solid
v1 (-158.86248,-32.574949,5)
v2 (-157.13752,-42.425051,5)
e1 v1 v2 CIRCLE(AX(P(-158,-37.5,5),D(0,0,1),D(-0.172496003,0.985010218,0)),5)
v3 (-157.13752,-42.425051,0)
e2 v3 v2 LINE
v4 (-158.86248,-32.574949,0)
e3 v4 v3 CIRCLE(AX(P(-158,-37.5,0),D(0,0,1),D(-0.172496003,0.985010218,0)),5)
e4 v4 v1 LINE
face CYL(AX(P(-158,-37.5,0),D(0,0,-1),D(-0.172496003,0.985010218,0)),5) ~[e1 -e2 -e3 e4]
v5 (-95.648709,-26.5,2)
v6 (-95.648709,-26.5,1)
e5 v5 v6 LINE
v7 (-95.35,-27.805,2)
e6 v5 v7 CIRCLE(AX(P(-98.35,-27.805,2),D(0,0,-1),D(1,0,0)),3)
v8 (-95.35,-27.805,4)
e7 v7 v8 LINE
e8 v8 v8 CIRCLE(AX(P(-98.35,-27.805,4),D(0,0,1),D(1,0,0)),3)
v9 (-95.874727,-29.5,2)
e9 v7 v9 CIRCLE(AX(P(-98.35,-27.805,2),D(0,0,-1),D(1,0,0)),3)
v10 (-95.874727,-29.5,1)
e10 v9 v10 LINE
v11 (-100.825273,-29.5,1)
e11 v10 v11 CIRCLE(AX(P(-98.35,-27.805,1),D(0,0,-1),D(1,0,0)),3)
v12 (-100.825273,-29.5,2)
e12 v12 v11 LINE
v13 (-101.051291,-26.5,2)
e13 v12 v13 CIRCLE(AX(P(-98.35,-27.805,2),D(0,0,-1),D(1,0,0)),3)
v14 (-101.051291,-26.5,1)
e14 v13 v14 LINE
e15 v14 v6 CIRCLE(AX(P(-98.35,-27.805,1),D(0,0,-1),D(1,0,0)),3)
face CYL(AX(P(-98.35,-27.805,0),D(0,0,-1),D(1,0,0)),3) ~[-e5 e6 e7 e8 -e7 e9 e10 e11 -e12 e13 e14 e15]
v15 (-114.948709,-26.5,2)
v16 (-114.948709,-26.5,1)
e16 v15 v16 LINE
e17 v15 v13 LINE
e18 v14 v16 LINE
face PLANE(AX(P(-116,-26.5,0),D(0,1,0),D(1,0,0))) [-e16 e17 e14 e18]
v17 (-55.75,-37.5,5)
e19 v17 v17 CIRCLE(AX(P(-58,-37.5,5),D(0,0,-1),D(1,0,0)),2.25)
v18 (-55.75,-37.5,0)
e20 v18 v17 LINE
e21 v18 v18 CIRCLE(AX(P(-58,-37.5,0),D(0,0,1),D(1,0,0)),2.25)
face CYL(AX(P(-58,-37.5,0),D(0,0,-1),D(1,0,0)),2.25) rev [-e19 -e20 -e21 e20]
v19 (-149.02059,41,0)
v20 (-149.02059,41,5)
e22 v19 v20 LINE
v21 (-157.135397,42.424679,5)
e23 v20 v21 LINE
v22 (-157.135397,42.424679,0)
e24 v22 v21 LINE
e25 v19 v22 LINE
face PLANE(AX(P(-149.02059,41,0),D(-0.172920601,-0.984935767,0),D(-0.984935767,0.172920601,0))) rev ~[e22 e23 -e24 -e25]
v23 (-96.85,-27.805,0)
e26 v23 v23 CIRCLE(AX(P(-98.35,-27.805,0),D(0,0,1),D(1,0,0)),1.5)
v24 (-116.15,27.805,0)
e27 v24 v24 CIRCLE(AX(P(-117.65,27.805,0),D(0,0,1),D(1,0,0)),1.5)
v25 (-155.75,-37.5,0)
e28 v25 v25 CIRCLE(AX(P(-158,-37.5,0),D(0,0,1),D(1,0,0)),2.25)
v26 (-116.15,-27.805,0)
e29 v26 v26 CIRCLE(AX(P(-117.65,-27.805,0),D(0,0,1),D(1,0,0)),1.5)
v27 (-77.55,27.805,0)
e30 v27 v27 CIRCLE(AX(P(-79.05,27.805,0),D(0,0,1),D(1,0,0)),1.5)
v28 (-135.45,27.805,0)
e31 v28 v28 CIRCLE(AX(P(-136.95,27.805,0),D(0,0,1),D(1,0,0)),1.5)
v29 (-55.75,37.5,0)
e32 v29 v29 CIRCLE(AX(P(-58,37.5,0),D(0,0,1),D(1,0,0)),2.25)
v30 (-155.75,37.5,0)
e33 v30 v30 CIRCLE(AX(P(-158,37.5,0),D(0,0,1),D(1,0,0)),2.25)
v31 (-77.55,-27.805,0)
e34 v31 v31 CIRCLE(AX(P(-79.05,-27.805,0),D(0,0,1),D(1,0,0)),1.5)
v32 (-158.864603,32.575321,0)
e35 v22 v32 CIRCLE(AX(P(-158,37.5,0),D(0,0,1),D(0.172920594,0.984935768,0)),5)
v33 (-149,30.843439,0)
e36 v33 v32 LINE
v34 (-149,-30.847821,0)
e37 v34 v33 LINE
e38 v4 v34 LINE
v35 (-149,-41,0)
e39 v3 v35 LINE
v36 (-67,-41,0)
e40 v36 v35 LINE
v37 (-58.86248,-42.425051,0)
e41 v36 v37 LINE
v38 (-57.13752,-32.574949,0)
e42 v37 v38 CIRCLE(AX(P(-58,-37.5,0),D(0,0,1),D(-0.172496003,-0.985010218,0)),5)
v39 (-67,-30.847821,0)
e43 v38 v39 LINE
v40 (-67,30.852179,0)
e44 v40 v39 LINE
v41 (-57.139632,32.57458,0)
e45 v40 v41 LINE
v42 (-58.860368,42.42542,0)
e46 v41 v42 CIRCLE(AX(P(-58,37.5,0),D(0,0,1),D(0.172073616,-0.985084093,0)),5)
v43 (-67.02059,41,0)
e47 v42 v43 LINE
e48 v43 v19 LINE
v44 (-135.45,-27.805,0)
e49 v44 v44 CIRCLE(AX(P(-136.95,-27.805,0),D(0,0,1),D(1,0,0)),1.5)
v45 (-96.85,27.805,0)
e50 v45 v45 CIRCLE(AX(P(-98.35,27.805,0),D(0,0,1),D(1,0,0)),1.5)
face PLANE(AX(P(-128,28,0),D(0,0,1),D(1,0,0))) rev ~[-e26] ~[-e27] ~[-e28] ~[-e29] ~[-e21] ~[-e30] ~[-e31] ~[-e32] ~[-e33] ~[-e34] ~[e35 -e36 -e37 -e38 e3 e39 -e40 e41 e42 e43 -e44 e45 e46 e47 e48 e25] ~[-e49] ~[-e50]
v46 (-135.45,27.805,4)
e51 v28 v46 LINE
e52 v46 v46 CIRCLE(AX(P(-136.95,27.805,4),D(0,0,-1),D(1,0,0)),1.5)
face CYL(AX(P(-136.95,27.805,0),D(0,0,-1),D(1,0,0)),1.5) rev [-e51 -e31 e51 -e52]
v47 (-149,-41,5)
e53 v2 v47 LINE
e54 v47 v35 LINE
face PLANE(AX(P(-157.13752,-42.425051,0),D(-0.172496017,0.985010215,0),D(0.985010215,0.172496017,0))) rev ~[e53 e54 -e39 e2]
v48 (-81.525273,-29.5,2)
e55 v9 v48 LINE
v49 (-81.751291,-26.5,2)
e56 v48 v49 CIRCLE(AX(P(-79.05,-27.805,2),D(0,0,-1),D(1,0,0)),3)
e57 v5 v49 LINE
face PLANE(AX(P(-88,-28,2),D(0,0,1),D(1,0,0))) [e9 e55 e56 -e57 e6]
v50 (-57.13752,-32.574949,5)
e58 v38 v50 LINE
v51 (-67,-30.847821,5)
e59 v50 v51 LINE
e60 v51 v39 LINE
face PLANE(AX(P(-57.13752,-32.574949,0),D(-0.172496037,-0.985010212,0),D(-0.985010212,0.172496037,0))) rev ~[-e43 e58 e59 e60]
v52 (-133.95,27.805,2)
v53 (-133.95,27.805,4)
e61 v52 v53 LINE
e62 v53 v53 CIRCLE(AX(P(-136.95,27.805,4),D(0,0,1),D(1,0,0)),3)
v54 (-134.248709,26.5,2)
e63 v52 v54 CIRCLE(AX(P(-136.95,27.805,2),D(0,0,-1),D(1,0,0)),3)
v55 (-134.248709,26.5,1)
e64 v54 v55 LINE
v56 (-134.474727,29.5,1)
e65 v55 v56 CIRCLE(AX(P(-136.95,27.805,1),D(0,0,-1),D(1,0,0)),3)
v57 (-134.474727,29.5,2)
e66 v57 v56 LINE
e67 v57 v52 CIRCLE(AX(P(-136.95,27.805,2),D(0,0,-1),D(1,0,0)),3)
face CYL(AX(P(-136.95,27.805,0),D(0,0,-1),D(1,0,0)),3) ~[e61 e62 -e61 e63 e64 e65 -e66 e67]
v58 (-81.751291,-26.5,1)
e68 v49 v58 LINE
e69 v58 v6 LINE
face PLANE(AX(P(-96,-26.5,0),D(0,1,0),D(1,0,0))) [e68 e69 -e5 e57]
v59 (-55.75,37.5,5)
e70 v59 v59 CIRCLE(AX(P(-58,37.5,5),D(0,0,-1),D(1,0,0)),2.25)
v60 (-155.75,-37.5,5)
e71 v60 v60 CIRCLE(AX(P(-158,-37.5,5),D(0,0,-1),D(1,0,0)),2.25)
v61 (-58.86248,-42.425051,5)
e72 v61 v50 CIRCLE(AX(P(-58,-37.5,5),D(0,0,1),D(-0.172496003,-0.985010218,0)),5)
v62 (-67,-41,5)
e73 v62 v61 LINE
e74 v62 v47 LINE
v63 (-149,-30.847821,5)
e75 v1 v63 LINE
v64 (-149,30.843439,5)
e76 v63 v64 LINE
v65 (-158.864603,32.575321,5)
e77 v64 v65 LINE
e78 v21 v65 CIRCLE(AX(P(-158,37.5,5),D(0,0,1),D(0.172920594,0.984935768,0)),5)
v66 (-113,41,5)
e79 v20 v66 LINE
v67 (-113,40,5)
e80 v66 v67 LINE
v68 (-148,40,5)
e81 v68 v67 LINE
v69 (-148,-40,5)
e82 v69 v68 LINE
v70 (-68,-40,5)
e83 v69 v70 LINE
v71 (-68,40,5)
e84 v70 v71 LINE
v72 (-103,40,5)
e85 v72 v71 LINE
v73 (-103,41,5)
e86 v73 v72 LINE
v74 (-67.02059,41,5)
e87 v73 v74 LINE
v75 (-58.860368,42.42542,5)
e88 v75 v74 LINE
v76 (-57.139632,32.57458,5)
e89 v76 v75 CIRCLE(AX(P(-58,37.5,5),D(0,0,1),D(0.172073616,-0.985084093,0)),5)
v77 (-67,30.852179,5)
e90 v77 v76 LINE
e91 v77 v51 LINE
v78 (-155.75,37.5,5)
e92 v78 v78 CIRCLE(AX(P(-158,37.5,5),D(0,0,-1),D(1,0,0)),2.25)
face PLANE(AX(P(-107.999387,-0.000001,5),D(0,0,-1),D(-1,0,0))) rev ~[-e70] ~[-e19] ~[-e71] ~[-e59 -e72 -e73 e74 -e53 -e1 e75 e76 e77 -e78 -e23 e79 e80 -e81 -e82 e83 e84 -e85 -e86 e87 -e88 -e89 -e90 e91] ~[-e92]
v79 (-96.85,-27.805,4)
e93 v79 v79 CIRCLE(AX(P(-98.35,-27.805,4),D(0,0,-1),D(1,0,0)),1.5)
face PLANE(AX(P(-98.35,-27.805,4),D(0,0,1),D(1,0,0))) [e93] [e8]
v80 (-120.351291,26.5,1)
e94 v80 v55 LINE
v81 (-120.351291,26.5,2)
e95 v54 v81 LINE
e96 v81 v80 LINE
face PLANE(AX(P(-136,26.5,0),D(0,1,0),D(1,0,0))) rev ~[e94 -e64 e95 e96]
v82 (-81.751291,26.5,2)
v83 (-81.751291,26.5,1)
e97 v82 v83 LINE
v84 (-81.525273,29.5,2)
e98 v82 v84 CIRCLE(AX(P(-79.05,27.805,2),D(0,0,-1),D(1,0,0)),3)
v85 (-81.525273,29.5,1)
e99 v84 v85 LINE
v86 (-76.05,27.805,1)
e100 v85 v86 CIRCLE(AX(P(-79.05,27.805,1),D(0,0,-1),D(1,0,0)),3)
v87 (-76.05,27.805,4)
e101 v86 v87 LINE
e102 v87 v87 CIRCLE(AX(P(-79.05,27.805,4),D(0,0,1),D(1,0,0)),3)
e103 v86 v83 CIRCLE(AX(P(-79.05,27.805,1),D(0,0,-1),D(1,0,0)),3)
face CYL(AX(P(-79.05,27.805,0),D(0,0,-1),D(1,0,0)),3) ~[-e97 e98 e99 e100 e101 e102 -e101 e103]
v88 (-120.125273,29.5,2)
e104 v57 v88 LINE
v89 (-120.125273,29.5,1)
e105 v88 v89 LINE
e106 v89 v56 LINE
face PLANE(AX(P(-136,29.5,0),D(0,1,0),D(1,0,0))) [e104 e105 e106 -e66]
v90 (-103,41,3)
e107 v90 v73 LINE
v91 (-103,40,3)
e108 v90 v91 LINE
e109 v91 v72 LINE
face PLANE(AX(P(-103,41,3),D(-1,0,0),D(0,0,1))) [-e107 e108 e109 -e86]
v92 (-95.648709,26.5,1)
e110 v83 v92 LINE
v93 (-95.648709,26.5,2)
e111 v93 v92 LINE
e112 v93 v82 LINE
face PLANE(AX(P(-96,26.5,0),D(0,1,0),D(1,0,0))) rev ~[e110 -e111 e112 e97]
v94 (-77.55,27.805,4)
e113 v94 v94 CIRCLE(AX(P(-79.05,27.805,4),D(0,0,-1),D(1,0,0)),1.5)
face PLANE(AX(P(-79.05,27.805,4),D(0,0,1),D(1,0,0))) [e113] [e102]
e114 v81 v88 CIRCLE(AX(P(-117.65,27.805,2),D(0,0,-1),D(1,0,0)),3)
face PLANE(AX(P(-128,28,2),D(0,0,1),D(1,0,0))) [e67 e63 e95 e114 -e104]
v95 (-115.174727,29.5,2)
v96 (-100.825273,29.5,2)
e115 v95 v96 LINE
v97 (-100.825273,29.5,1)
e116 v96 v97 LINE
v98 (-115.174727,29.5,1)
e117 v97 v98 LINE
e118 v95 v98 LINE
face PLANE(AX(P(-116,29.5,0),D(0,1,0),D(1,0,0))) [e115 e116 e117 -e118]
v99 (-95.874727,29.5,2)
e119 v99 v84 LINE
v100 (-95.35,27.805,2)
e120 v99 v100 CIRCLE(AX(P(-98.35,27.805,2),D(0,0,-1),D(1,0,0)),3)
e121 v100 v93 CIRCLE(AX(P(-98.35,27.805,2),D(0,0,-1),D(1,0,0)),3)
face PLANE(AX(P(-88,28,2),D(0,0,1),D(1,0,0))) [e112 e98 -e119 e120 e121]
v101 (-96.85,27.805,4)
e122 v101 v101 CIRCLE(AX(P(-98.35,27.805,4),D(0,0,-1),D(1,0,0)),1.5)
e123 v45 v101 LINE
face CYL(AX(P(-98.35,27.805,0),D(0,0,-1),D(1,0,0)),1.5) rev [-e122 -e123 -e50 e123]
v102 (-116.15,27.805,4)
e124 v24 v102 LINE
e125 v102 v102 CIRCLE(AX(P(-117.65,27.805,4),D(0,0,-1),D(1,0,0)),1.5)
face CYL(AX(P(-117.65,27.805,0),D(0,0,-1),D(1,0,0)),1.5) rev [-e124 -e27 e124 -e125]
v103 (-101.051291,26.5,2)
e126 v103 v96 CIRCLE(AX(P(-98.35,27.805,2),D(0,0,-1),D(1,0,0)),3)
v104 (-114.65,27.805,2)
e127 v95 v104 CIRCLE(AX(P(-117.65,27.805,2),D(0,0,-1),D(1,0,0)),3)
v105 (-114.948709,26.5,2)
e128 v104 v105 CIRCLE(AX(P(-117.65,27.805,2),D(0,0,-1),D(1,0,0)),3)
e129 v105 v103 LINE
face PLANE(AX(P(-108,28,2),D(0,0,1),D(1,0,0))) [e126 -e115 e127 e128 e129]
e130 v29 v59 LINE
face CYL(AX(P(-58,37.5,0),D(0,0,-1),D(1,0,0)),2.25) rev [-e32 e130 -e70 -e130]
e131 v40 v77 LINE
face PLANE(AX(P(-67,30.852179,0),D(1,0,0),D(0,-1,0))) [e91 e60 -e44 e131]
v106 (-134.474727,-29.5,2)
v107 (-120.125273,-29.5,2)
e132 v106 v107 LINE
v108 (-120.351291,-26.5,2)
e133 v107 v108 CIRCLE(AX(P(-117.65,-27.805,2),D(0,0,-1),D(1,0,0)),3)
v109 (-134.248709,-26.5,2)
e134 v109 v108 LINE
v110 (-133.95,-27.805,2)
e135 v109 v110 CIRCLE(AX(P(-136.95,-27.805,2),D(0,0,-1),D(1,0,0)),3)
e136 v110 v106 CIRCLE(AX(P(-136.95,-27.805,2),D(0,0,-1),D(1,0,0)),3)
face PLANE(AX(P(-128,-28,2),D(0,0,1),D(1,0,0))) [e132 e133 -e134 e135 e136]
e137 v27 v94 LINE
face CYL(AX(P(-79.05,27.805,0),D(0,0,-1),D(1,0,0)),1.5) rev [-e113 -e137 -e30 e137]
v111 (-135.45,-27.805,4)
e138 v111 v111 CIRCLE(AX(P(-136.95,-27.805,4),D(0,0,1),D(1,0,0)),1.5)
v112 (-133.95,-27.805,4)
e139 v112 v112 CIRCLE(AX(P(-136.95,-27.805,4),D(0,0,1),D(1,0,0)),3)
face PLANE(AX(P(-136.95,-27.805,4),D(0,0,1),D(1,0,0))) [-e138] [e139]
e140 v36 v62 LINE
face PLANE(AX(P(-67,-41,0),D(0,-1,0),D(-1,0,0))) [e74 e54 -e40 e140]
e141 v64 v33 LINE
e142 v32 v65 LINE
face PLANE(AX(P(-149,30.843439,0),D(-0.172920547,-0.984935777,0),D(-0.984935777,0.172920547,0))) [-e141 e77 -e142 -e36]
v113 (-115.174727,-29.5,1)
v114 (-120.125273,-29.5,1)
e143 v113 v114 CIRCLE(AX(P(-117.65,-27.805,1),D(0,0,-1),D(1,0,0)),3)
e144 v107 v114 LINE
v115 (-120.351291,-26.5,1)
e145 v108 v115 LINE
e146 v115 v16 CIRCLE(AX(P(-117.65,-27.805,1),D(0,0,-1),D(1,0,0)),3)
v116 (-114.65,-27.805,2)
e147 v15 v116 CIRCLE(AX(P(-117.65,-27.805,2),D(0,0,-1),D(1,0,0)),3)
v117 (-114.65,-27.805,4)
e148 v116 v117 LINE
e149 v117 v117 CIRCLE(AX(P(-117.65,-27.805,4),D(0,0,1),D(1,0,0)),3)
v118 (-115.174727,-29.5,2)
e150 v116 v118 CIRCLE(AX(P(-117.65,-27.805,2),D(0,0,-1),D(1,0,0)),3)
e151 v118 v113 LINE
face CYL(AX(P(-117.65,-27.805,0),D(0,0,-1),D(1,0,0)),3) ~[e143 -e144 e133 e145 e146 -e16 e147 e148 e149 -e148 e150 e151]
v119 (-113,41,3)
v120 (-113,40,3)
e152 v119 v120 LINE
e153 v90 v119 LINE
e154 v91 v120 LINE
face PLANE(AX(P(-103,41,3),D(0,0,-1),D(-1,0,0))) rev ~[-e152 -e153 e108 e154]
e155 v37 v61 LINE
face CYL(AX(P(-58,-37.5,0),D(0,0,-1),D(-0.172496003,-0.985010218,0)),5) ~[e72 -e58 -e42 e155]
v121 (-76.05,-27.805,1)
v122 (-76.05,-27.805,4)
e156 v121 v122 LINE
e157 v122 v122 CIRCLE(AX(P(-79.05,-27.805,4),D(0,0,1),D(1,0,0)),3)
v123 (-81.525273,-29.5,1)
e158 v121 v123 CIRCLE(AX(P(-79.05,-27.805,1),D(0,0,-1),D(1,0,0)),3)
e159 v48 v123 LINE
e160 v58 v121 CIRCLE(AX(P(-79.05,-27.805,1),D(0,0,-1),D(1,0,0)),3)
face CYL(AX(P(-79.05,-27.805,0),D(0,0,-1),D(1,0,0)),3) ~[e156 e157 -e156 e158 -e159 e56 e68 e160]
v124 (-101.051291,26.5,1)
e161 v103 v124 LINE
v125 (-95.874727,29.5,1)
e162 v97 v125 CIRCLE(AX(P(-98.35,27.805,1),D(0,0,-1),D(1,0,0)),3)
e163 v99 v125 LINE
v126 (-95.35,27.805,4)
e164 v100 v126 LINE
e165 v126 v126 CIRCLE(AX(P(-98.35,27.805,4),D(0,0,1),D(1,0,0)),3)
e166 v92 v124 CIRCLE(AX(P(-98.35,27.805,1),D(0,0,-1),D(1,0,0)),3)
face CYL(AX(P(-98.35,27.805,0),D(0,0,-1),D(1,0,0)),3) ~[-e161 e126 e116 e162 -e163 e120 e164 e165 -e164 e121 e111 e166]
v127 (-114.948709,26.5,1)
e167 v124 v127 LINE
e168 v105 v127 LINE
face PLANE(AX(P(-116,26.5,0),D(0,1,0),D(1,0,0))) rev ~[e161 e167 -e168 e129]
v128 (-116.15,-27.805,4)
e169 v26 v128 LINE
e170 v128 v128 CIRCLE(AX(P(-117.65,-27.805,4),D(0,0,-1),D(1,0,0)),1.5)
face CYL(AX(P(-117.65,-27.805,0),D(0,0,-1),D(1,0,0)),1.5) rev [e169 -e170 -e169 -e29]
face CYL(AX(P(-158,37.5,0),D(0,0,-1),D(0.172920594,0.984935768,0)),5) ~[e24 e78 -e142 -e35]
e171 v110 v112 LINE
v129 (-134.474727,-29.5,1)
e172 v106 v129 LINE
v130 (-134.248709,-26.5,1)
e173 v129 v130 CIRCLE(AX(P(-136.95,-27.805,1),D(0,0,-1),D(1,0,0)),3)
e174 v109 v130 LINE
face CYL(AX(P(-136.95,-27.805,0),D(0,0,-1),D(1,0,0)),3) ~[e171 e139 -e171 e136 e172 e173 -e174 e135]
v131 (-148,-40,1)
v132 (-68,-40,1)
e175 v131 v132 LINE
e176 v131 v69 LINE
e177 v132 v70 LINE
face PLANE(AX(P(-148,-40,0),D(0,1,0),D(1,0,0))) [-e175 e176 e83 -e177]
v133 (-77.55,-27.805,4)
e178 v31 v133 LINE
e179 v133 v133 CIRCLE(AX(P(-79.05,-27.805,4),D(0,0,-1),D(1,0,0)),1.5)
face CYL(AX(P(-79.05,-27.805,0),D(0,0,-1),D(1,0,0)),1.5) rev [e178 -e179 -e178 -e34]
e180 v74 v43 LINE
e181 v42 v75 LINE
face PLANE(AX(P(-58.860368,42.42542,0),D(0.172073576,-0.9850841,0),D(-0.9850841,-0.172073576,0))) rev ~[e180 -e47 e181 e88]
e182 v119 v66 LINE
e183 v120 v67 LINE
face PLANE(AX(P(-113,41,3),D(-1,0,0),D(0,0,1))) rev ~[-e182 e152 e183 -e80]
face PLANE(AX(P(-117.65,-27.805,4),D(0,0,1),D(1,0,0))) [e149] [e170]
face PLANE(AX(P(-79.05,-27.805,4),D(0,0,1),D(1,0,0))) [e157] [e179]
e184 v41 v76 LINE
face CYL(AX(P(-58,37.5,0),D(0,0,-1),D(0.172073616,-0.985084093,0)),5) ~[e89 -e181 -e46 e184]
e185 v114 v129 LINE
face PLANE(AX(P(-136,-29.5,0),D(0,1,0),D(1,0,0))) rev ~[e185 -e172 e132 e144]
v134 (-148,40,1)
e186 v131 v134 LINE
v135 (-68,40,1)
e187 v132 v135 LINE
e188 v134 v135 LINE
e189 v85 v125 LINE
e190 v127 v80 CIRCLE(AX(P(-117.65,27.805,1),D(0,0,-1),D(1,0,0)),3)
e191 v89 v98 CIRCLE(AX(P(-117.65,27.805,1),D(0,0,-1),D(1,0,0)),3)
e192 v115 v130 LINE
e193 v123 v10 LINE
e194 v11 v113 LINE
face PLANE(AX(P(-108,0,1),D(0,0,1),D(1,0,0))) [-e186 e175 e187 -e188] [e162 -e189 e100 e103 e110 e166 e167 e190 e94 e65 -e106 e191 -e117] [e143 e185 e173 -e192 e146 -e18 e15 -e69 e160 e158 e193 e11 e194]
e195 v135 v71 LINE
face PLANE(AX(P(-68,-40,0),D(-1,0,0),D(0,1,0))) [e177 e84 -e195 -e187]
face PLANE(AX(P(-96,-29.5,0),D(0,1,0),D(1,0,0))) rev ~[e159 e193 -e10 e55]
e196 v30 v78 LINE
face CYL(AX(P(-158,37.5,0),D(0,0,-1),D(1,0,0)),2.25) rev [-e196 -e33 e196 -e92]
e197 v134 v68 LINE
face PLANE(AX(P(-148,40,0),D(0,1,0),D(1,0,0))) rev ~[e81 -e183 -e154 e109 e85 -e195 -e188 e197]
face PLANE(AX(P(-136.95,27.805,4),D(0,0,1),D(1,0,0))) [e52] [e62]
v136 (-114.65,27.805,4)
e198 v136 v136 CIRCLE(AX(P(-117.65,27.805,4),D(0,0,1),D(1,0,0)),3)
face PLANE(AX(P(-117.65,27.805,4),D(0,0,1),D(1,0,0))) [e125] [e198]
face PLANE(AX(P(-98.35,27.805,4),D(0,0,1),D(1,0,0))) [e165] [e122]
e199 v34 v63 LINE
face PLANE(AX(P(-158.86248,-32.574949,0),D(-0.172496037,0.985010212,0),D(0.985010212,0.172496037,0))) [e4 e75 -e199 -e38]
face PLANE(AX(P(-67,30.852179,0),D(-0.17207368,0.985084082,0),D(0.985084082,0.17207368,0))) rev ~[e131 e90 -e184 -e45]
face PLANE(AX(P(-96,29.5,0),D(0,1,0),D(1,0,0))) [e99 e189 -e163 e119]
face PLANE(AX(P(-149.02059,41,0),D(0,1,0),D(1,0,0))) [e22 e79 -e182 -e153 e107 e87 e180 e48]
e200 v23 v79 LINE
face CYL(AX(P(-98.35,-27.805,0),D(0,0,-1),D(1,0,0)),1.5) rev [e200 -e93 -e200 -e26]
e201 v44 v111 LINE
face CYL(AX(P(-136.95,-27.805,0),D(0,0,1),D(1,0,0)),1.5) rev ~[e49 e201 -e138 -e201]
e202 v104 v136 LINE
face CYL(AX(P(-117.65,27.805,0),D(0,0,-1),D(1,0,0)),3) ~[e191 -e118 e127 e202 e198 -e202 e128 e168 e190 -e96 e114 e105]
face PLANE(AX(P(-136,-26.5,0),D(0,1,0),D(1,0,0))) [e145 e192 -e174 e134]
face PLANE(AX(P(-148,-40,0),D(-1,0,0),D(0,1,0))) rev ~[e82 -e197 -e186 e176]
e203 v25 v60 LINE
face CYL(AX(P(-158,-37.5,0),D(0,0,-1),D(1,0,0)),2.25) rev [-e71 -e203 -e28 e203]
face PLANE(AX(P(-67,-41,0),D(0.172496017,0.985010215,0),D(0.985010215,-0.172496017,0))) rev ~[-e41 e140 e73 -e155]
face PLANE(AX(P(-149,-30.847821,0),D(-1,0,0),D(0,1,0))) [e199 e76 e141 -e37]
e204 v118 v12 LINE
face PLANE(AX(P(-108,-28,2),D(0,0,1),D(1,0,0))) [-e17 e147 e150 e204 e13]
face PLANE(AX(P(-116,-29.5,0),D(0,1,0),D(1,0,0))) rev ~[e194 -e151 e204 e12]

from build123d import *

# Parameters (mm, degrees)
SKETCH111_W     = 80
SKETCH111_H     = 80
PAD042_DEPTH    = 5
SKETCH112_W     = 82
SKETCH112_H     = 82
PAD043_DEPTH    = 1
SKETCH114_R     = 3
SKETCH114_R_2   = 1.375
PAD045_DEPTH    = 4
SKETCH215_W     = 16
SKETCH215_H     = 3
PAD095_DEPTH    = 2
SKETCH216_R     = 2.25
POCKET088_DEPTH = 10
SKETCH217_W     = 10
SKETCH217_H     = 2
POCKET089_DEPTH = 5
SKETCH255_R     = 1.5
POCKET103_DEPTH = 5


with BuildPart() as part:
    # Sketch111 → Pad042 (new body)
    with BuildSketch(Plane.XY):
        with BuildLine():
            Line((-41.02059, 41), (40.97941, 41))
            Line((49.139632, 42.42542), (40.97941, 41))
            ThreePointArc((50.860368, 32.57458), (54.92542, 38.360368), (49.139632, 42.42542))
            Line((41, 30.852179), (50.860368, 32.57458))
            Line((41, 30.852179), (41, -30.847821))
            Line((50.86248, -32.574949), (41, -30.847821))
            ThreePointArc((49.13752, -42.425051), (54.925051, -38.36248), (50.86248, -32.574949))
            Line((41, -41), (49.13752, -42.425051))
            Line((41, -41), (-41, -41))
            Line((-49.13752, -42.425051), (-41, -41))
            ThreePointArc((-50.86248, -32.574949), (-54.925051, -38.36248), (-49.13752, -42.425051))
            Line((-50.86248, -32.574949), (-41, -30.847821))
            Line((-41, -30.847821), (-41, 30.843439))
            Line((-41, 30.843439), (-50.864603, 32.575321))
            ThreePointArc((-49.135397, 42.424679), (-54.924679, 38.364603), (-50.864603, 32.575321))
            Line((-41.02059, 41), (-49.135397, 42.424679))
        make_face()
        Rectangle(SKETCH111_W, SKETCH111_H, mode=Mode.SUBTRACT)
    extrude(amount=PAD042_DEPTH)

    # Sketch112 → Pad043 (join)
    with BuildSketch(Plane.XY):
        Rectangle(SKETCH112_W, SKETCH112_H)
    extrude(amount=PAD043_DEPTH)

    # Sketch114 → Pad045 (join)
    with BuildSketch(Plane.XY):
        with Locations((-28.95, 27.805)):
            Circle(SKETCH114_R)
        with Locations((-28.95, 27.805)):
            Circle(SKETCH114_R_2, mode=Mode.SUBTRACT)
        with Locations((-9.65, 27.805)):
            Circle(SKETCH114_R)
        with Locations((-9.65, 27.805)):
            Circle(SKETCH114_R_2, mode=Mode.SUBTRACT)
        with Locations((9.65, 27.805)):
            Circle(SKETCH114_R)
        with Locations((9.65, 27.805)):
            Circle(SKETCH114_R_2, mode=Mode.SUBTRACT)
        with Locations((28.95, 27.805)):
            Circle(SKETCH114_R)
        with Locations((28.95, 27.805)):
            Circle(SKETCH114_R_2, mode=Mode.SUBTRACT)
        with Locations((28.95, -27.805)):
            Circle(SKETCH114_R)
        with Locations((28.95, -27.805)):
            Circle(SKETCH114_R_2, mode=Mode.SUBTRACT)
        with Locations((9.65, -27.805)):
            Circle(SKETCH114_R)
        with Locations((9.65, -27.805)):
            Circle(SKETCH114_R_2, mode=Mode.SUBTRACT)
        with Locations((-9.65, -27.805)):
            Circle(SKETCH114_R)
        with Locations((-9.65, -27.805)):
            Circle(SKETCH114_R_2, mode=Mode.SUBTRACT)
        with Locations((-28.95, -27.805)):
            Circle(SKETCH114_R)
        with Locations((-28.95, -27.805)):
            Circle(SKETCH114_R_2, mode=Mode.SUBTRACT)
    extrude(amount=PAD045_DEPTH)

    # Sketch215 → Pad095 (join)
    with BuildSketch(Plane.XY):
        with Locations((-20, 28)):
            Rectangle(SKETCH215_W, SKETCH215_H)
        with Locations((20, 28)):
            Rectangle(SKETCH215_W, SKETCH215_H)
        with Locations((-20, -28)):
            Rectangle(SKETCH215_W, SKETCH215_H)
        with Locations((20, -28)):
            Rectangle(SKETCH215_W, SKETCH215_H)
        with Locations((0, 28)):
            Rectangle(SKETCH215_W, SKETCH215_H)
        with Locations((0, -28)):
            Rectangle(SKETCH215_W, SKETCH215_H)
    extrude(amount=PAD095_DEPTH)

    # Sketch216 → Pocket088 (cut)
    with BuildSketch(Plane.XY):
        with Locations((-50, 37.5)):
            Circle(SKETCH216_R)
        with Locations((50, 37.5)):
            Circle(SKETCH216_R)
        with Locations((50, -37.5)):
            Circle(SKETCH216_R)
        with Locations((-50, -37.5)):
            Circle(SKETCH216_R)
    extrude(amount=POCKET088_DEPTH, mode=Mode.SUBTRACT)

    # Sketch217 (on Face1 of Pocket088) → Pocket089 (cut)
    with BuildSketch(Plane(origin=(0, 41, 0), x_dir=(-1, 0, 0), z_dir=(0, 1, 0))):
        with Locations((0, 4)):
            Rectangle(SKETCH217_W, SKETCH217_H)
    extrude(amount=-POCKET089_DEPTH, mode=Mode.SUBTRACT)

    # Sketch255 → Pocket103 (cut, symmetric)
    with BuildSketch(Plane.XY):
        with Locations((-9.65, 27.805)):
            Circle(SKETCH255_R)
        with Locations((9.65, 27.805)):
            Circle(SKETCH255_R)
        with Locations((-9.65, -27.805)):
            Circle(SKETCH255_R)
        with Locations((9.65, -27.805)):
            Circle(SKETCH255_R)
        with Locations((-28.95, 27.805)):
            Circle(SKETCH255_R)
        with Locations((28.95, 27.805)):
            Circle(SKETCH255_R)
        with Locations((28.95, -27.805)):
            Circle(SKETCH255_R)
        with Locations((-28.95, -27.805)):
            Circle(SKETCH255_R)
    extrude(amount=POCKET103_DEPTH, both=True, mode=Mode.SUBTRACT)


with BuildPart() as part_1:
    # Body013 placement: moved
    add(part.part.moved(Location((-108, 0, 0))))


solid = part_1.part
